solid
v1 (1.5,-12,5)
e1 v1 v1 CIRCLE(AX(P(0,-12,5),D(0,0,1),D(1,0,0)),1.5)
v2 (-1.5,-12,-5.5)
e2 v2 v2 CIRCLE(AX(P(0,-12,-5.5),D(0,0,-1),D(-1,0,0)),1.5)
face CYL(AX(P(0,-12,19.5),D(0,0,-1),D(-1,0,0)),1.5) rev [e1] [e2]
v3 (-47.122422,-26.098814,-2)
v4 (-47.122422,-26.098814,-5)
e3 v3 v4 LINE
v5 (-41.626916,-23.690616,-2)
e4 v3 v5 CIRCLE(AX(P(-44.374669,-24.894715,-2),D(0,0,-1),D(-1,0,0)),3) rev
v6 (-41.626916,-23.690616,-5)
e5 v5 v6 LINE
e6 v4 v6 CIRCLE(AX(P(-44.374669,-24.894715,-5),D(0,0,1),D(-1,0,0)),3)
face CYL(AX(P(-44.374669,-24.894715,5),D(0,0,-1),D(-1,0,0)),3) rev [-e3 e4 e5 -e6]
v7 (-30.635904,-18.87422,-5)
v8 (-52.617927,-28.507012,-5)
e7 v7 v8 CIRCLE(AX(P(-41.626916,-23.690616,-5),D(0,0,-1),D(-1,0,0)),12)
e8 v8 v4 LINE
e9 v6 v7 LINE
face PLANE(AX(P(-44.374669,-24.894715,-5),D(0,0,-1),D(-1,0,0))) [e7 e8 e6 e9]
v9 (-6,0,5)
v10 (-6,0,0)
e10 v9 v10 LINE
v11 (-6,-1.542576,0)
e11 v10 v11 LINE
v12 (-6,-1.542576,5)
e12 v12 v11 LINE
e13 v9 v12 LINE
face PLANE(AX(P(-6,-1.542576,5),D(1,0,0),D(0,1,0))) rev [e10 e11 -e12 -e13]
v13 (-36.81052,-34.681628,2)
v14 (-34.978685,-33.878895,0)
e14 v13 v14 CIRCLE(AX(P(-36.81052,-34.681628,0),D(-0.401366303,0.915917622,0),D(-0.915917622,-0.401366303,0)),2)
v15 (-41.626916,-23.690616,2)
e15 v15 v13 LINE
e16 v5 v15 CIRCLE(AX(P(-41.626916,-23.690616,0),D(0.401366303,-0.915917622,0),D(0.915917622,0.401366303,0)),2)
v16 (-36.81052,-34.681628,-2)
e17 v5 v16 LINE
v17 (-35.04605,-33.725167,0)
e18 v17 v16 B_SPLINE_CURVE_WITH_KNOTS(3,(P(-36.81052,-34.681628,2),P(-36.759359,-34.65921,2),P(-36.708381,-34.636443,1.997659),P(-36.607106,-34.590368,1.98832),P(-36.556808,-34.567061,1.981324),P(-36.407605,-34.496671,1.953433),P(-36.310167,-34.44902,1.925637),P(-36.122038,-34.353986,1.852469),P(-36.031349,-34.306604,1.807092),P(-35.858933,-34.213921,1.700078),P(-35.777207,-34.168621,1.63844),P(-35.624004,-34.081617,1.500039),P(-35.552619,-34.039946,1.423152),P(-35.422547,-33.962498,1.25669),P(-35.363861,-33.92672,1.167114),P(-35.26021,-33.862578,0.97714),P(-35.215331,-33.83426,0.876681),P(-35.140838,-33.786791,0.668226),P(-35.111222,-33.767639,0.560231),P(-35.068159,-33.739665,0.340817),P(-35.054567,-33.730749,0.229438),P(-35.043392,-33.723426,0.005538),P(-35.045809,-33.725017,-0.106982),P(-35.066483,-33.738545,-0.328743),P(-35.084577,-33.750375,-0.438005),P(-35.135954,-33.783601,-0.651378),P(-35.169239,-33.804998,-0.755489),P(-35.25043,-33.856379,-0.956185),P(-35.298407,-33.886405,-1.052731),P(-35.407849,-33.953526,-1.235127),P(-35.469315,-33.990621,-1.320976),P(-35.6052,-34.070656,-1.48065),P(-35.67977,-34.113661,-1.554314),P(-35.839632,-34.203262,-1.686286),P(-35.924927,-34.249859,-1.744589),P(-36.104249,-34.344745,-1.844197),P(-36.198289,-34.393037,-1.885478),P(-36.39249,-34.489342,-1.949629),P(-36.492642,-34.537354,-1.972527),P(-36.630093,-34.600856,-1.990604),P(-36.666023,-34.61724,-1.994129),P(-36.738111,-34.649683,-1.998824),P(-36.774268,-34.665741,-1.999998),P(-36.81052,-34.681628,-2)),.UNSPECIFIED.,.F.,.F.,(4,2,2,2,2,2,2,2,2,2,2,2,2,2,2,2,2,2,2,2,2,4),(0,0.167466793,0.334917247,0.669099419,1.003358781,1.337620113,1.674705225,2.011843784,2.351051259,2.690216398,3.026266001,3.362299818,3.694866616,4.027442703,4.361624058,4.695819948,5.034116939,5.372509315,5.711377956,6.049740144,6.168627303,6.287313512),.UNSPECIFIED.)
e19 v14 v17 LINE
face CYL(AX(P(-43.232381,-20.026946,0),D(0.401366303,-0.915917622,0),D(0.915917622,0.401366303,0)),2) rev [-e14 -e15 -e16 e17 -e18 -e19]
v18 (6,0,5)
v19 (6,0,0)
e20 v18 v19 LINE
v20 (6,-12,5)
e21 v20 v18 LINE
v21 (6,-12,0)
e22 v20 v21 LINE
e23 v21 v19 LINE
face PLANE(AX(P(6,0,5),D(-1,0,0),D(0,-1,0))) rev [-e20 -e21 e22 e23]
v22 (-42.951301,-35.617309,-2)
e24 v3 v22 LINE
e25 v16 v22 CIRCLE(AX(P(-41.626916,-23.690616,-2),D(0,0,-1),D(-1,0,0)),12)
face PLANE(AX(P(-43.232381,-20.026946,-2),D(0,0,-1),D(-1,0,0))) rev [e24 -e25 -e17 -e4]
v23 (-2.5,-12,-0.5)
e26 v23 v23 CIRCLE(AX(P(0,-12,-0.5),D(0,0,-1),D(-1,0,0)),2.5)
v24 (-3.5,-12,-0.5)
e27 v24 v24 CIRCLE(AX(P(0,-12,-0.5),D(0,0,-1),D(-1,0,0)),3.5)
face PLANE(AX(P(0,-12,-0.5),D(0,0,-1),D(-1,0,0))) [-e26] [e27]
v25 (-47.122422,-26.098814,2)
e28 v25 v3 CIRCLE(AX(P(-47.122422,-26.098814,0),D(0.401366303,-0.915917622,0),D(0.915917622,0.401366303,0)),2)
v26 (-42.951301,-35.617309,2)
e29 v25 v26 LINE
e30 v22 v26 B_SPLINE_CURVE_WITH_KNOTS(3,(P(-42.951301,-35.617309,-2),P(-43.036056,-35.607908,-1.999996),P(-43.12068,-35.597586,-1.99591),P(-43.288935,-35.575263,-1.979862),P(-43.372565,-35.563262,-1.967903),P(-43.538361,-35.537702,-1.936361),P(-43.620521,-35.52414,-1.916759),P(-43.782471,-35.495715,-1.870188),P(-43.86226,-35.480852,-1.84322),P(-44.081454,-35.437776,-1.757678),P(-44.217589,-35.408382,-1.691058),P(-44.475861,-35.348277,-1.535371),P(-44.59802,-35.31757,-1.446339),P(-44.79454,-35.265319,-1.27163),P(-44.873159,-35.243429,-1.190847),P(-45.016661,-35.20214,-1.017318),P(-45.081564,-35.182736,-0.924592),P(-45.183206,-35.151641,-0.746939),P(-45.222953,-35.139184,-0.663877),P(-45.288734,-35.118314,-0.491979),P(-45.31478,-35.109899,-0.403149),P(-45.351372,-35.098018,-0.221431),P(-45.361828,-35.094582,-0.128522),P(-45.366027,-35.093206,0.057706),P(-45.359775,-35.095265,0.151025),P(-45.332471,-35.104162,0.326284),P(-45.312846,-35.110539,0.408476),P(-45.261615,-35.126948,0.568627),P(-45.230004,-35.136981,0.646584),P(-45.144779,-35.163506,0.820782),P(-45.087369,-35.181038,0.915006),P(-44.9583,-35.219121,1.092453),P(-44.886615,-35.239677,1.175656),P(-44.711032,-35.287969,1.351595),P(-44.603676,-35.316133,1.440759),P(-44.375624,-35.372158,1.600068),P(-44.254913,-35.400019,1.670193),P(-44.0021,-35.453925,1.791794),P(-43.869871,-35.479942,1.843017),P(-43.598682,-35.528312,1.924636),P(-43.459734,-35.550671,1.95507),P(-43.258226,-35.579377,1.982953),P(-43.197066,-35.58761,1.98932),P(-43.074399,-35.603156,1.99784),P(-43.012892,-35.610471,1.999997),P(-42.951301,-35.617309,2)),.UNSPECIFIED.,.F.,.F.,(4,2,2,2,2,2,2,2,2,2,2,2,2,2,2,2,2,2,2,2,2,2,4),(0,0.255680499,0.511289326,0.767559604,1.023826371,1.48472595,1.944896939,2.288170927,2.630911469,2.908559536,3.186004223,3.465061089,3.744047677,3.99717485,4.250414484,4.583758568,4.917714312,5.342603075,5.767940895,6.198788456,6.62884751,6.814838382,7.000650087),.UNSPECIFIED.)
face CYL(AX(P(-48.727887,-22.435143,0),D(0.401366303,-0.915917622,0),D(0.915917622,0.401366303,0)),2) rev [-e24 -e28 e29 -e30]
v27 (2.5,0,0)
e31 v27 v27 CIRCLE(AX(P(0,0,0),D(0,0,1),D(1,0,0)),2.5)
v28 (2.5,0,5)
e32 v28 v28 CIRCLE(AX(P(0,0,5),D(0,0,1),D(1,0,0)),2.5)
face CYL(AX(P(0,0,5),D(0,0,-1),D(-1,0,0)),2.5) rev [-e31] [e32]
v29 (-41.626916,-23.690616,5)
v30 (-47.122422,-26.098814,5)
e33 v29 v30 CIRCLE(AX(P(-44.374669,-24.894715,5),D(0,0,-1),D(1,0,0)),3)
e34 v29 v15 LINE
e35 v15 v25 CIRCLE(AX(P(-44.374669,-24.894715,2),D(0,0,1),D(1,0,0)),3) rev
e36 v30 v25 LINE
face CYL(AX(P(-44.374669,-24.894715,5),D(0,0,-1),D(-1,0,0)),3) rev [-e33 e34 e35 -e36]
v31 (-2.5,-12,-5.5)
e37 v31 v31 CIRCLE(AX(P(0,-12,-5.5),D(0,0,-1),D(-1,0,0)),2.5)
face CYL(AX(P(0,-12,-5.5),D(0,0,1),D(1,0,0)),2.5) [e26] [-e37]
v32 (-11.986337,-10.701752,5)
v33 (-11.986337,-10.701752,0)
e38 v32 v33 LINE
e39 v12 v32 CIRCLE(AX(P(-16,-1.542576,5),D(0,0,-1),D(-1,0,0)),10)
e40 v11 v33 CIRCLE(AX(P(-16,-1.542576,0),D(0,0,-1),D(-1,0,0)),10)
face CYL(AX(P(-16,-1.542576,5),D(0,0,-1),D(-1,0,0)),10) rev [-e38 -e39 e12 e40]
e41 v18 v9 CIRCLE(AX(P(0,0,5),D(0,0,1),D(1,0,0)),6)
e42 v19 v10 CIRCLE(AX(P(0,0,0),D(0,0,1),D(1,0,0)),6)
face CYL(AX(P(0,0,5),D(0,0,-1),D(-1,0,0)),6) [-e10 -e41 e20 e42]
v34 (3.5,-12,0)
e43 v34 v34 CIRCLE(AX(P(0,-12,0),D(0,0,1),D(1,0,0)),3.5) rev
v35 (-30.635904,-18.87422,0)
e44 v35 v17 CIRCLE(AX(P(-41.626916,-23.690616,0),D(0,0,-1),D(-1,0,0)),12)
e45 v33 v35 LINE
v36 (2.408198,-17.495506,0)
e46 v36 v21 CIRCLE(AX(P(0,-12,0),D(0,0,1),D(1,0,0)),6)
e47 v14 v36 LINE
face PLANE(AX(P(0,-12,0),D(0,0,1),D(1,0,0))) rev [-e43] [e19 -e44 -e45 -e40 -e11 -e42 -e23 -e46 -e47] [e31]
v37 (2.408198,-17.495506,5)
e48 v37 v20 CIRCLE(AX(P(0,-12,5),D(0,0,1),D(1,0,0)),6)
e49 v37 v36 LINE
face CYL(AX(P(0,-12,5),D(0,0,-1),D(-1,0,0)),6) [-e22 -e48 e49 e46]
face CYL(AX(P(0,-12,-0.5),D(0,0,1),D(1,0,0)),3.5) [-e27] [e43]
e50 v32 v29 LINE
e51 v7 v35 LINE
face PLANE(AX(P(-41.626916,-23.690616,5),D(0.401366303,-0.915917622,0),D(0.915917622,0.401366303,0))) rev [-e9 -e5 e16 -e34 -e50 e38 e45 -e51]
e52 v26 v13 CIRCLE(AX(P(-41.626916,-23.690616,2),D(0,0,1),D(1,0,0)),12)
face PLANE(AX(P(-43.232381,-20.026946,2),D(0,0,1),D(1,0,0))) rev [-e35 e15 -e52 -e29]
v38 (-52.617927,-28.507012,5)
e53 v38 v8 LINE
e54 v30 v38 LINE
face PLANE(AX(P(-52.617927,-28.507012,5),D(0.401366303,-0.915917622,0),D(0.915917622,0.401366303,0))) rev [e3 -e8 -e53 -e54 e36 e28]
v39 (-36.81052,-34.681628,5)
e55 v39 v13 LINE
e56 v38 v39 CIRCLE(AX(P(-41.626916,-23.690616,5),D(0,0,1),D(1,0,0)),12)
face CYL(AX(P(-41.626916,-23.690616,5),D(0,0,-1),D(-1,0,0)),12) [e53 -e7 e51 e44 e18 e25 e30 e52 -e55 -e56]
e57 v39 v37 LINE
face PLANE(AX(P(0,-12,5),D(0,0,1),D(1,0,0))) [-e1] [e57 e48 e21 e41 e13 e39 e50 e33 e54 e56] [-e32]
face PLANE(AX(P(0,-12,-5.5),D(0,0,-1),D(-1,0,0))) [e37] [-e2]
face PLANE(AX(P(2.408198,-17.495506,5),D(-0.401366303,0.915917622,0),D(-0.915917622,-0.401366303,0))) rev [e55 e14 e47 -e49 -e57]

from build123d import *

# Parameters (mm, degrees)
ESBO_O7_R                = 2.5
RESSALTO_EXTRUS_O1_DEPTH = 5
ESBO_O8_R                = 2.5
RESSALTO_EXTRUS_O2_DEPTH = 5.5
ESBO_O9_R                = 1.5
CORTE_EXTRUS_O4_DEPTH    = 25
RESSALTO_EXTRUS_O3_START = 5
RESSALTO_EXTRUS_O3_DEPTH = 5
CORTE_EXTRUS_O5_DEPTH    = 16
SKETCH1_R                = 3.5
SKETCH1_R_2              = 2.5
BOSS_EXTRUDE1_DEPTH      = 0.5


with BuildPart() as part:
    # Esboço7 → Ressalto-extrusão1 (new body)
    with BuildSketch(Plane.XY):
        with BuildLine():
            Line((6, 0), (6, -12))
            ThreePointArc((6, -12), (5.022409129, -15.282591437), (2.40819782, -17.495505733))
            Line((2.40819782, -17.495505733), (-36.810520187, -34.681627592))
            ThreePointArc((-36.810520187, -34.681627592), (-45.993028549, -34.868140884), (-52.617927293, -28.507011766))
            Line((-52.617927293, -28.507011766), (-47.12242156, -26.098813946))
            ThreePointArc((-47.12242156, -26.098813946), (-43.170569784, -27.642467903), (-41.626915827, -23.690616126))
            Line((-41.626915827, -23.690616126), (-11.986336967, -10.701751978))
            ThreePointArc((-11.986336967, -10.701751978), (-7.629318118, -7.013561484), (-6, -1.542575756))
            Line((-6, -1.542575756), (-6, 0))
            ThreePointArc((-6, 0), (0, 6), (6, 0))
        make_face()
        Circle(ESBO_O7_R, mode=Mode.SUBTRACT)
    extrude(amount=RESSALTO_EXTRUS_O1_DEPTH)

    # Esboço8 → Ressalto-extrusão2 (add)
    with BuildSketch(Plane(origin=(0, 0, 0), x_dir=(-1, 0, 0), z_dir=(0, 0, -1))):
        with Locations(Location((0, -12, 0), (0, 0, 180))):
            Circle(ESBO_O8_R)
    extrude(amount=RESSALTO_EXTRUS_O2_DEPTH)

    # Esboço9 → Corte-extrusão4 (cut)
    with BuildSketch(Plane(origin=(0, 0, -5.5), x_dir=(-1, 0, 0), z_dir=(0, 0, -1))):
        with Locations((0, -12)):
            Circle(ESBO_O9_R)
    extrude(amount=-CORTE_EXTRUS_O4_DEPTH, mode=Mode.SUBTRACT)

    # Esboço10 → Ressalto-extrusão3 (add)
    with BuildSketch(Plane(origin=(0, 0, 0), x_dir=(-1, 0, 0), z_dir=(0, 0, -1)).offset(RESSALTO_EXTRUS_O3_START)):
        with BuildLine():
            Line((41.626915827, -23.690616126), (30.635904361, -18.874220487))
            ThreePointArc((30.635904361, -18.874220487), (36.810520187, -34.681627592), (52.617927293, -28.507011766))
            Line((52.617927293, -28.507011766), (47.12242156, -26.098813946))
            ThreePointArc((47.12242156, -26.098813946), (43.170569784, -27.642467903), (41.626915827, -23.690616126))
        make_face()
    extrude(amount=-RESSALTO_EXTRUS_O3_DEPTH)

    # Esboço11 → Corte-extrusão5 (cut)
    with BuildSketch(Plane(origin=(6.819619462, -15.56236682, 0), x_dir=(0.9159176221486781, 0.40136630331595047, 0), z_dir=(0.40136630331595047, -0.9159176221486781, 0))):
        with BuildLine():
            Line((-47.63544078, -2), (-53.63544078, -2))
            ThreePointArc((-53.63544078, -2), (-55.63544078, 0), (-53.63544078, 2))
            Line((-53.63544078, 2), (-47.63544078, 2))
            ThreePointArc((-47.63544078, 2), (-45.63544078, 0), (-47.63544078, -2))
        make_face()
    extrude(amount=-CORTE_EXTRUS_O5_DEPTH, mode=Mode.SUBTRACT)

    # Sketch1 → Boss-Extrude1 (add)
    with BuildSketch(Plane(origin=(0, 0, 0), x_dir=(-1, 0, 0), z_dir=(0, 0, -1))):
        with Locations(Location((0, -12, 0), (0, 0, 180))):
            Circle(SKETCH1_R)
        with Locations((0, -12)):
            Circle(SKETCH1_R_2, mode=Mode.SUBTRACT)
    extrude(amount=BOSS_EXTRUDE1_DEPTH)


solid = part.part
